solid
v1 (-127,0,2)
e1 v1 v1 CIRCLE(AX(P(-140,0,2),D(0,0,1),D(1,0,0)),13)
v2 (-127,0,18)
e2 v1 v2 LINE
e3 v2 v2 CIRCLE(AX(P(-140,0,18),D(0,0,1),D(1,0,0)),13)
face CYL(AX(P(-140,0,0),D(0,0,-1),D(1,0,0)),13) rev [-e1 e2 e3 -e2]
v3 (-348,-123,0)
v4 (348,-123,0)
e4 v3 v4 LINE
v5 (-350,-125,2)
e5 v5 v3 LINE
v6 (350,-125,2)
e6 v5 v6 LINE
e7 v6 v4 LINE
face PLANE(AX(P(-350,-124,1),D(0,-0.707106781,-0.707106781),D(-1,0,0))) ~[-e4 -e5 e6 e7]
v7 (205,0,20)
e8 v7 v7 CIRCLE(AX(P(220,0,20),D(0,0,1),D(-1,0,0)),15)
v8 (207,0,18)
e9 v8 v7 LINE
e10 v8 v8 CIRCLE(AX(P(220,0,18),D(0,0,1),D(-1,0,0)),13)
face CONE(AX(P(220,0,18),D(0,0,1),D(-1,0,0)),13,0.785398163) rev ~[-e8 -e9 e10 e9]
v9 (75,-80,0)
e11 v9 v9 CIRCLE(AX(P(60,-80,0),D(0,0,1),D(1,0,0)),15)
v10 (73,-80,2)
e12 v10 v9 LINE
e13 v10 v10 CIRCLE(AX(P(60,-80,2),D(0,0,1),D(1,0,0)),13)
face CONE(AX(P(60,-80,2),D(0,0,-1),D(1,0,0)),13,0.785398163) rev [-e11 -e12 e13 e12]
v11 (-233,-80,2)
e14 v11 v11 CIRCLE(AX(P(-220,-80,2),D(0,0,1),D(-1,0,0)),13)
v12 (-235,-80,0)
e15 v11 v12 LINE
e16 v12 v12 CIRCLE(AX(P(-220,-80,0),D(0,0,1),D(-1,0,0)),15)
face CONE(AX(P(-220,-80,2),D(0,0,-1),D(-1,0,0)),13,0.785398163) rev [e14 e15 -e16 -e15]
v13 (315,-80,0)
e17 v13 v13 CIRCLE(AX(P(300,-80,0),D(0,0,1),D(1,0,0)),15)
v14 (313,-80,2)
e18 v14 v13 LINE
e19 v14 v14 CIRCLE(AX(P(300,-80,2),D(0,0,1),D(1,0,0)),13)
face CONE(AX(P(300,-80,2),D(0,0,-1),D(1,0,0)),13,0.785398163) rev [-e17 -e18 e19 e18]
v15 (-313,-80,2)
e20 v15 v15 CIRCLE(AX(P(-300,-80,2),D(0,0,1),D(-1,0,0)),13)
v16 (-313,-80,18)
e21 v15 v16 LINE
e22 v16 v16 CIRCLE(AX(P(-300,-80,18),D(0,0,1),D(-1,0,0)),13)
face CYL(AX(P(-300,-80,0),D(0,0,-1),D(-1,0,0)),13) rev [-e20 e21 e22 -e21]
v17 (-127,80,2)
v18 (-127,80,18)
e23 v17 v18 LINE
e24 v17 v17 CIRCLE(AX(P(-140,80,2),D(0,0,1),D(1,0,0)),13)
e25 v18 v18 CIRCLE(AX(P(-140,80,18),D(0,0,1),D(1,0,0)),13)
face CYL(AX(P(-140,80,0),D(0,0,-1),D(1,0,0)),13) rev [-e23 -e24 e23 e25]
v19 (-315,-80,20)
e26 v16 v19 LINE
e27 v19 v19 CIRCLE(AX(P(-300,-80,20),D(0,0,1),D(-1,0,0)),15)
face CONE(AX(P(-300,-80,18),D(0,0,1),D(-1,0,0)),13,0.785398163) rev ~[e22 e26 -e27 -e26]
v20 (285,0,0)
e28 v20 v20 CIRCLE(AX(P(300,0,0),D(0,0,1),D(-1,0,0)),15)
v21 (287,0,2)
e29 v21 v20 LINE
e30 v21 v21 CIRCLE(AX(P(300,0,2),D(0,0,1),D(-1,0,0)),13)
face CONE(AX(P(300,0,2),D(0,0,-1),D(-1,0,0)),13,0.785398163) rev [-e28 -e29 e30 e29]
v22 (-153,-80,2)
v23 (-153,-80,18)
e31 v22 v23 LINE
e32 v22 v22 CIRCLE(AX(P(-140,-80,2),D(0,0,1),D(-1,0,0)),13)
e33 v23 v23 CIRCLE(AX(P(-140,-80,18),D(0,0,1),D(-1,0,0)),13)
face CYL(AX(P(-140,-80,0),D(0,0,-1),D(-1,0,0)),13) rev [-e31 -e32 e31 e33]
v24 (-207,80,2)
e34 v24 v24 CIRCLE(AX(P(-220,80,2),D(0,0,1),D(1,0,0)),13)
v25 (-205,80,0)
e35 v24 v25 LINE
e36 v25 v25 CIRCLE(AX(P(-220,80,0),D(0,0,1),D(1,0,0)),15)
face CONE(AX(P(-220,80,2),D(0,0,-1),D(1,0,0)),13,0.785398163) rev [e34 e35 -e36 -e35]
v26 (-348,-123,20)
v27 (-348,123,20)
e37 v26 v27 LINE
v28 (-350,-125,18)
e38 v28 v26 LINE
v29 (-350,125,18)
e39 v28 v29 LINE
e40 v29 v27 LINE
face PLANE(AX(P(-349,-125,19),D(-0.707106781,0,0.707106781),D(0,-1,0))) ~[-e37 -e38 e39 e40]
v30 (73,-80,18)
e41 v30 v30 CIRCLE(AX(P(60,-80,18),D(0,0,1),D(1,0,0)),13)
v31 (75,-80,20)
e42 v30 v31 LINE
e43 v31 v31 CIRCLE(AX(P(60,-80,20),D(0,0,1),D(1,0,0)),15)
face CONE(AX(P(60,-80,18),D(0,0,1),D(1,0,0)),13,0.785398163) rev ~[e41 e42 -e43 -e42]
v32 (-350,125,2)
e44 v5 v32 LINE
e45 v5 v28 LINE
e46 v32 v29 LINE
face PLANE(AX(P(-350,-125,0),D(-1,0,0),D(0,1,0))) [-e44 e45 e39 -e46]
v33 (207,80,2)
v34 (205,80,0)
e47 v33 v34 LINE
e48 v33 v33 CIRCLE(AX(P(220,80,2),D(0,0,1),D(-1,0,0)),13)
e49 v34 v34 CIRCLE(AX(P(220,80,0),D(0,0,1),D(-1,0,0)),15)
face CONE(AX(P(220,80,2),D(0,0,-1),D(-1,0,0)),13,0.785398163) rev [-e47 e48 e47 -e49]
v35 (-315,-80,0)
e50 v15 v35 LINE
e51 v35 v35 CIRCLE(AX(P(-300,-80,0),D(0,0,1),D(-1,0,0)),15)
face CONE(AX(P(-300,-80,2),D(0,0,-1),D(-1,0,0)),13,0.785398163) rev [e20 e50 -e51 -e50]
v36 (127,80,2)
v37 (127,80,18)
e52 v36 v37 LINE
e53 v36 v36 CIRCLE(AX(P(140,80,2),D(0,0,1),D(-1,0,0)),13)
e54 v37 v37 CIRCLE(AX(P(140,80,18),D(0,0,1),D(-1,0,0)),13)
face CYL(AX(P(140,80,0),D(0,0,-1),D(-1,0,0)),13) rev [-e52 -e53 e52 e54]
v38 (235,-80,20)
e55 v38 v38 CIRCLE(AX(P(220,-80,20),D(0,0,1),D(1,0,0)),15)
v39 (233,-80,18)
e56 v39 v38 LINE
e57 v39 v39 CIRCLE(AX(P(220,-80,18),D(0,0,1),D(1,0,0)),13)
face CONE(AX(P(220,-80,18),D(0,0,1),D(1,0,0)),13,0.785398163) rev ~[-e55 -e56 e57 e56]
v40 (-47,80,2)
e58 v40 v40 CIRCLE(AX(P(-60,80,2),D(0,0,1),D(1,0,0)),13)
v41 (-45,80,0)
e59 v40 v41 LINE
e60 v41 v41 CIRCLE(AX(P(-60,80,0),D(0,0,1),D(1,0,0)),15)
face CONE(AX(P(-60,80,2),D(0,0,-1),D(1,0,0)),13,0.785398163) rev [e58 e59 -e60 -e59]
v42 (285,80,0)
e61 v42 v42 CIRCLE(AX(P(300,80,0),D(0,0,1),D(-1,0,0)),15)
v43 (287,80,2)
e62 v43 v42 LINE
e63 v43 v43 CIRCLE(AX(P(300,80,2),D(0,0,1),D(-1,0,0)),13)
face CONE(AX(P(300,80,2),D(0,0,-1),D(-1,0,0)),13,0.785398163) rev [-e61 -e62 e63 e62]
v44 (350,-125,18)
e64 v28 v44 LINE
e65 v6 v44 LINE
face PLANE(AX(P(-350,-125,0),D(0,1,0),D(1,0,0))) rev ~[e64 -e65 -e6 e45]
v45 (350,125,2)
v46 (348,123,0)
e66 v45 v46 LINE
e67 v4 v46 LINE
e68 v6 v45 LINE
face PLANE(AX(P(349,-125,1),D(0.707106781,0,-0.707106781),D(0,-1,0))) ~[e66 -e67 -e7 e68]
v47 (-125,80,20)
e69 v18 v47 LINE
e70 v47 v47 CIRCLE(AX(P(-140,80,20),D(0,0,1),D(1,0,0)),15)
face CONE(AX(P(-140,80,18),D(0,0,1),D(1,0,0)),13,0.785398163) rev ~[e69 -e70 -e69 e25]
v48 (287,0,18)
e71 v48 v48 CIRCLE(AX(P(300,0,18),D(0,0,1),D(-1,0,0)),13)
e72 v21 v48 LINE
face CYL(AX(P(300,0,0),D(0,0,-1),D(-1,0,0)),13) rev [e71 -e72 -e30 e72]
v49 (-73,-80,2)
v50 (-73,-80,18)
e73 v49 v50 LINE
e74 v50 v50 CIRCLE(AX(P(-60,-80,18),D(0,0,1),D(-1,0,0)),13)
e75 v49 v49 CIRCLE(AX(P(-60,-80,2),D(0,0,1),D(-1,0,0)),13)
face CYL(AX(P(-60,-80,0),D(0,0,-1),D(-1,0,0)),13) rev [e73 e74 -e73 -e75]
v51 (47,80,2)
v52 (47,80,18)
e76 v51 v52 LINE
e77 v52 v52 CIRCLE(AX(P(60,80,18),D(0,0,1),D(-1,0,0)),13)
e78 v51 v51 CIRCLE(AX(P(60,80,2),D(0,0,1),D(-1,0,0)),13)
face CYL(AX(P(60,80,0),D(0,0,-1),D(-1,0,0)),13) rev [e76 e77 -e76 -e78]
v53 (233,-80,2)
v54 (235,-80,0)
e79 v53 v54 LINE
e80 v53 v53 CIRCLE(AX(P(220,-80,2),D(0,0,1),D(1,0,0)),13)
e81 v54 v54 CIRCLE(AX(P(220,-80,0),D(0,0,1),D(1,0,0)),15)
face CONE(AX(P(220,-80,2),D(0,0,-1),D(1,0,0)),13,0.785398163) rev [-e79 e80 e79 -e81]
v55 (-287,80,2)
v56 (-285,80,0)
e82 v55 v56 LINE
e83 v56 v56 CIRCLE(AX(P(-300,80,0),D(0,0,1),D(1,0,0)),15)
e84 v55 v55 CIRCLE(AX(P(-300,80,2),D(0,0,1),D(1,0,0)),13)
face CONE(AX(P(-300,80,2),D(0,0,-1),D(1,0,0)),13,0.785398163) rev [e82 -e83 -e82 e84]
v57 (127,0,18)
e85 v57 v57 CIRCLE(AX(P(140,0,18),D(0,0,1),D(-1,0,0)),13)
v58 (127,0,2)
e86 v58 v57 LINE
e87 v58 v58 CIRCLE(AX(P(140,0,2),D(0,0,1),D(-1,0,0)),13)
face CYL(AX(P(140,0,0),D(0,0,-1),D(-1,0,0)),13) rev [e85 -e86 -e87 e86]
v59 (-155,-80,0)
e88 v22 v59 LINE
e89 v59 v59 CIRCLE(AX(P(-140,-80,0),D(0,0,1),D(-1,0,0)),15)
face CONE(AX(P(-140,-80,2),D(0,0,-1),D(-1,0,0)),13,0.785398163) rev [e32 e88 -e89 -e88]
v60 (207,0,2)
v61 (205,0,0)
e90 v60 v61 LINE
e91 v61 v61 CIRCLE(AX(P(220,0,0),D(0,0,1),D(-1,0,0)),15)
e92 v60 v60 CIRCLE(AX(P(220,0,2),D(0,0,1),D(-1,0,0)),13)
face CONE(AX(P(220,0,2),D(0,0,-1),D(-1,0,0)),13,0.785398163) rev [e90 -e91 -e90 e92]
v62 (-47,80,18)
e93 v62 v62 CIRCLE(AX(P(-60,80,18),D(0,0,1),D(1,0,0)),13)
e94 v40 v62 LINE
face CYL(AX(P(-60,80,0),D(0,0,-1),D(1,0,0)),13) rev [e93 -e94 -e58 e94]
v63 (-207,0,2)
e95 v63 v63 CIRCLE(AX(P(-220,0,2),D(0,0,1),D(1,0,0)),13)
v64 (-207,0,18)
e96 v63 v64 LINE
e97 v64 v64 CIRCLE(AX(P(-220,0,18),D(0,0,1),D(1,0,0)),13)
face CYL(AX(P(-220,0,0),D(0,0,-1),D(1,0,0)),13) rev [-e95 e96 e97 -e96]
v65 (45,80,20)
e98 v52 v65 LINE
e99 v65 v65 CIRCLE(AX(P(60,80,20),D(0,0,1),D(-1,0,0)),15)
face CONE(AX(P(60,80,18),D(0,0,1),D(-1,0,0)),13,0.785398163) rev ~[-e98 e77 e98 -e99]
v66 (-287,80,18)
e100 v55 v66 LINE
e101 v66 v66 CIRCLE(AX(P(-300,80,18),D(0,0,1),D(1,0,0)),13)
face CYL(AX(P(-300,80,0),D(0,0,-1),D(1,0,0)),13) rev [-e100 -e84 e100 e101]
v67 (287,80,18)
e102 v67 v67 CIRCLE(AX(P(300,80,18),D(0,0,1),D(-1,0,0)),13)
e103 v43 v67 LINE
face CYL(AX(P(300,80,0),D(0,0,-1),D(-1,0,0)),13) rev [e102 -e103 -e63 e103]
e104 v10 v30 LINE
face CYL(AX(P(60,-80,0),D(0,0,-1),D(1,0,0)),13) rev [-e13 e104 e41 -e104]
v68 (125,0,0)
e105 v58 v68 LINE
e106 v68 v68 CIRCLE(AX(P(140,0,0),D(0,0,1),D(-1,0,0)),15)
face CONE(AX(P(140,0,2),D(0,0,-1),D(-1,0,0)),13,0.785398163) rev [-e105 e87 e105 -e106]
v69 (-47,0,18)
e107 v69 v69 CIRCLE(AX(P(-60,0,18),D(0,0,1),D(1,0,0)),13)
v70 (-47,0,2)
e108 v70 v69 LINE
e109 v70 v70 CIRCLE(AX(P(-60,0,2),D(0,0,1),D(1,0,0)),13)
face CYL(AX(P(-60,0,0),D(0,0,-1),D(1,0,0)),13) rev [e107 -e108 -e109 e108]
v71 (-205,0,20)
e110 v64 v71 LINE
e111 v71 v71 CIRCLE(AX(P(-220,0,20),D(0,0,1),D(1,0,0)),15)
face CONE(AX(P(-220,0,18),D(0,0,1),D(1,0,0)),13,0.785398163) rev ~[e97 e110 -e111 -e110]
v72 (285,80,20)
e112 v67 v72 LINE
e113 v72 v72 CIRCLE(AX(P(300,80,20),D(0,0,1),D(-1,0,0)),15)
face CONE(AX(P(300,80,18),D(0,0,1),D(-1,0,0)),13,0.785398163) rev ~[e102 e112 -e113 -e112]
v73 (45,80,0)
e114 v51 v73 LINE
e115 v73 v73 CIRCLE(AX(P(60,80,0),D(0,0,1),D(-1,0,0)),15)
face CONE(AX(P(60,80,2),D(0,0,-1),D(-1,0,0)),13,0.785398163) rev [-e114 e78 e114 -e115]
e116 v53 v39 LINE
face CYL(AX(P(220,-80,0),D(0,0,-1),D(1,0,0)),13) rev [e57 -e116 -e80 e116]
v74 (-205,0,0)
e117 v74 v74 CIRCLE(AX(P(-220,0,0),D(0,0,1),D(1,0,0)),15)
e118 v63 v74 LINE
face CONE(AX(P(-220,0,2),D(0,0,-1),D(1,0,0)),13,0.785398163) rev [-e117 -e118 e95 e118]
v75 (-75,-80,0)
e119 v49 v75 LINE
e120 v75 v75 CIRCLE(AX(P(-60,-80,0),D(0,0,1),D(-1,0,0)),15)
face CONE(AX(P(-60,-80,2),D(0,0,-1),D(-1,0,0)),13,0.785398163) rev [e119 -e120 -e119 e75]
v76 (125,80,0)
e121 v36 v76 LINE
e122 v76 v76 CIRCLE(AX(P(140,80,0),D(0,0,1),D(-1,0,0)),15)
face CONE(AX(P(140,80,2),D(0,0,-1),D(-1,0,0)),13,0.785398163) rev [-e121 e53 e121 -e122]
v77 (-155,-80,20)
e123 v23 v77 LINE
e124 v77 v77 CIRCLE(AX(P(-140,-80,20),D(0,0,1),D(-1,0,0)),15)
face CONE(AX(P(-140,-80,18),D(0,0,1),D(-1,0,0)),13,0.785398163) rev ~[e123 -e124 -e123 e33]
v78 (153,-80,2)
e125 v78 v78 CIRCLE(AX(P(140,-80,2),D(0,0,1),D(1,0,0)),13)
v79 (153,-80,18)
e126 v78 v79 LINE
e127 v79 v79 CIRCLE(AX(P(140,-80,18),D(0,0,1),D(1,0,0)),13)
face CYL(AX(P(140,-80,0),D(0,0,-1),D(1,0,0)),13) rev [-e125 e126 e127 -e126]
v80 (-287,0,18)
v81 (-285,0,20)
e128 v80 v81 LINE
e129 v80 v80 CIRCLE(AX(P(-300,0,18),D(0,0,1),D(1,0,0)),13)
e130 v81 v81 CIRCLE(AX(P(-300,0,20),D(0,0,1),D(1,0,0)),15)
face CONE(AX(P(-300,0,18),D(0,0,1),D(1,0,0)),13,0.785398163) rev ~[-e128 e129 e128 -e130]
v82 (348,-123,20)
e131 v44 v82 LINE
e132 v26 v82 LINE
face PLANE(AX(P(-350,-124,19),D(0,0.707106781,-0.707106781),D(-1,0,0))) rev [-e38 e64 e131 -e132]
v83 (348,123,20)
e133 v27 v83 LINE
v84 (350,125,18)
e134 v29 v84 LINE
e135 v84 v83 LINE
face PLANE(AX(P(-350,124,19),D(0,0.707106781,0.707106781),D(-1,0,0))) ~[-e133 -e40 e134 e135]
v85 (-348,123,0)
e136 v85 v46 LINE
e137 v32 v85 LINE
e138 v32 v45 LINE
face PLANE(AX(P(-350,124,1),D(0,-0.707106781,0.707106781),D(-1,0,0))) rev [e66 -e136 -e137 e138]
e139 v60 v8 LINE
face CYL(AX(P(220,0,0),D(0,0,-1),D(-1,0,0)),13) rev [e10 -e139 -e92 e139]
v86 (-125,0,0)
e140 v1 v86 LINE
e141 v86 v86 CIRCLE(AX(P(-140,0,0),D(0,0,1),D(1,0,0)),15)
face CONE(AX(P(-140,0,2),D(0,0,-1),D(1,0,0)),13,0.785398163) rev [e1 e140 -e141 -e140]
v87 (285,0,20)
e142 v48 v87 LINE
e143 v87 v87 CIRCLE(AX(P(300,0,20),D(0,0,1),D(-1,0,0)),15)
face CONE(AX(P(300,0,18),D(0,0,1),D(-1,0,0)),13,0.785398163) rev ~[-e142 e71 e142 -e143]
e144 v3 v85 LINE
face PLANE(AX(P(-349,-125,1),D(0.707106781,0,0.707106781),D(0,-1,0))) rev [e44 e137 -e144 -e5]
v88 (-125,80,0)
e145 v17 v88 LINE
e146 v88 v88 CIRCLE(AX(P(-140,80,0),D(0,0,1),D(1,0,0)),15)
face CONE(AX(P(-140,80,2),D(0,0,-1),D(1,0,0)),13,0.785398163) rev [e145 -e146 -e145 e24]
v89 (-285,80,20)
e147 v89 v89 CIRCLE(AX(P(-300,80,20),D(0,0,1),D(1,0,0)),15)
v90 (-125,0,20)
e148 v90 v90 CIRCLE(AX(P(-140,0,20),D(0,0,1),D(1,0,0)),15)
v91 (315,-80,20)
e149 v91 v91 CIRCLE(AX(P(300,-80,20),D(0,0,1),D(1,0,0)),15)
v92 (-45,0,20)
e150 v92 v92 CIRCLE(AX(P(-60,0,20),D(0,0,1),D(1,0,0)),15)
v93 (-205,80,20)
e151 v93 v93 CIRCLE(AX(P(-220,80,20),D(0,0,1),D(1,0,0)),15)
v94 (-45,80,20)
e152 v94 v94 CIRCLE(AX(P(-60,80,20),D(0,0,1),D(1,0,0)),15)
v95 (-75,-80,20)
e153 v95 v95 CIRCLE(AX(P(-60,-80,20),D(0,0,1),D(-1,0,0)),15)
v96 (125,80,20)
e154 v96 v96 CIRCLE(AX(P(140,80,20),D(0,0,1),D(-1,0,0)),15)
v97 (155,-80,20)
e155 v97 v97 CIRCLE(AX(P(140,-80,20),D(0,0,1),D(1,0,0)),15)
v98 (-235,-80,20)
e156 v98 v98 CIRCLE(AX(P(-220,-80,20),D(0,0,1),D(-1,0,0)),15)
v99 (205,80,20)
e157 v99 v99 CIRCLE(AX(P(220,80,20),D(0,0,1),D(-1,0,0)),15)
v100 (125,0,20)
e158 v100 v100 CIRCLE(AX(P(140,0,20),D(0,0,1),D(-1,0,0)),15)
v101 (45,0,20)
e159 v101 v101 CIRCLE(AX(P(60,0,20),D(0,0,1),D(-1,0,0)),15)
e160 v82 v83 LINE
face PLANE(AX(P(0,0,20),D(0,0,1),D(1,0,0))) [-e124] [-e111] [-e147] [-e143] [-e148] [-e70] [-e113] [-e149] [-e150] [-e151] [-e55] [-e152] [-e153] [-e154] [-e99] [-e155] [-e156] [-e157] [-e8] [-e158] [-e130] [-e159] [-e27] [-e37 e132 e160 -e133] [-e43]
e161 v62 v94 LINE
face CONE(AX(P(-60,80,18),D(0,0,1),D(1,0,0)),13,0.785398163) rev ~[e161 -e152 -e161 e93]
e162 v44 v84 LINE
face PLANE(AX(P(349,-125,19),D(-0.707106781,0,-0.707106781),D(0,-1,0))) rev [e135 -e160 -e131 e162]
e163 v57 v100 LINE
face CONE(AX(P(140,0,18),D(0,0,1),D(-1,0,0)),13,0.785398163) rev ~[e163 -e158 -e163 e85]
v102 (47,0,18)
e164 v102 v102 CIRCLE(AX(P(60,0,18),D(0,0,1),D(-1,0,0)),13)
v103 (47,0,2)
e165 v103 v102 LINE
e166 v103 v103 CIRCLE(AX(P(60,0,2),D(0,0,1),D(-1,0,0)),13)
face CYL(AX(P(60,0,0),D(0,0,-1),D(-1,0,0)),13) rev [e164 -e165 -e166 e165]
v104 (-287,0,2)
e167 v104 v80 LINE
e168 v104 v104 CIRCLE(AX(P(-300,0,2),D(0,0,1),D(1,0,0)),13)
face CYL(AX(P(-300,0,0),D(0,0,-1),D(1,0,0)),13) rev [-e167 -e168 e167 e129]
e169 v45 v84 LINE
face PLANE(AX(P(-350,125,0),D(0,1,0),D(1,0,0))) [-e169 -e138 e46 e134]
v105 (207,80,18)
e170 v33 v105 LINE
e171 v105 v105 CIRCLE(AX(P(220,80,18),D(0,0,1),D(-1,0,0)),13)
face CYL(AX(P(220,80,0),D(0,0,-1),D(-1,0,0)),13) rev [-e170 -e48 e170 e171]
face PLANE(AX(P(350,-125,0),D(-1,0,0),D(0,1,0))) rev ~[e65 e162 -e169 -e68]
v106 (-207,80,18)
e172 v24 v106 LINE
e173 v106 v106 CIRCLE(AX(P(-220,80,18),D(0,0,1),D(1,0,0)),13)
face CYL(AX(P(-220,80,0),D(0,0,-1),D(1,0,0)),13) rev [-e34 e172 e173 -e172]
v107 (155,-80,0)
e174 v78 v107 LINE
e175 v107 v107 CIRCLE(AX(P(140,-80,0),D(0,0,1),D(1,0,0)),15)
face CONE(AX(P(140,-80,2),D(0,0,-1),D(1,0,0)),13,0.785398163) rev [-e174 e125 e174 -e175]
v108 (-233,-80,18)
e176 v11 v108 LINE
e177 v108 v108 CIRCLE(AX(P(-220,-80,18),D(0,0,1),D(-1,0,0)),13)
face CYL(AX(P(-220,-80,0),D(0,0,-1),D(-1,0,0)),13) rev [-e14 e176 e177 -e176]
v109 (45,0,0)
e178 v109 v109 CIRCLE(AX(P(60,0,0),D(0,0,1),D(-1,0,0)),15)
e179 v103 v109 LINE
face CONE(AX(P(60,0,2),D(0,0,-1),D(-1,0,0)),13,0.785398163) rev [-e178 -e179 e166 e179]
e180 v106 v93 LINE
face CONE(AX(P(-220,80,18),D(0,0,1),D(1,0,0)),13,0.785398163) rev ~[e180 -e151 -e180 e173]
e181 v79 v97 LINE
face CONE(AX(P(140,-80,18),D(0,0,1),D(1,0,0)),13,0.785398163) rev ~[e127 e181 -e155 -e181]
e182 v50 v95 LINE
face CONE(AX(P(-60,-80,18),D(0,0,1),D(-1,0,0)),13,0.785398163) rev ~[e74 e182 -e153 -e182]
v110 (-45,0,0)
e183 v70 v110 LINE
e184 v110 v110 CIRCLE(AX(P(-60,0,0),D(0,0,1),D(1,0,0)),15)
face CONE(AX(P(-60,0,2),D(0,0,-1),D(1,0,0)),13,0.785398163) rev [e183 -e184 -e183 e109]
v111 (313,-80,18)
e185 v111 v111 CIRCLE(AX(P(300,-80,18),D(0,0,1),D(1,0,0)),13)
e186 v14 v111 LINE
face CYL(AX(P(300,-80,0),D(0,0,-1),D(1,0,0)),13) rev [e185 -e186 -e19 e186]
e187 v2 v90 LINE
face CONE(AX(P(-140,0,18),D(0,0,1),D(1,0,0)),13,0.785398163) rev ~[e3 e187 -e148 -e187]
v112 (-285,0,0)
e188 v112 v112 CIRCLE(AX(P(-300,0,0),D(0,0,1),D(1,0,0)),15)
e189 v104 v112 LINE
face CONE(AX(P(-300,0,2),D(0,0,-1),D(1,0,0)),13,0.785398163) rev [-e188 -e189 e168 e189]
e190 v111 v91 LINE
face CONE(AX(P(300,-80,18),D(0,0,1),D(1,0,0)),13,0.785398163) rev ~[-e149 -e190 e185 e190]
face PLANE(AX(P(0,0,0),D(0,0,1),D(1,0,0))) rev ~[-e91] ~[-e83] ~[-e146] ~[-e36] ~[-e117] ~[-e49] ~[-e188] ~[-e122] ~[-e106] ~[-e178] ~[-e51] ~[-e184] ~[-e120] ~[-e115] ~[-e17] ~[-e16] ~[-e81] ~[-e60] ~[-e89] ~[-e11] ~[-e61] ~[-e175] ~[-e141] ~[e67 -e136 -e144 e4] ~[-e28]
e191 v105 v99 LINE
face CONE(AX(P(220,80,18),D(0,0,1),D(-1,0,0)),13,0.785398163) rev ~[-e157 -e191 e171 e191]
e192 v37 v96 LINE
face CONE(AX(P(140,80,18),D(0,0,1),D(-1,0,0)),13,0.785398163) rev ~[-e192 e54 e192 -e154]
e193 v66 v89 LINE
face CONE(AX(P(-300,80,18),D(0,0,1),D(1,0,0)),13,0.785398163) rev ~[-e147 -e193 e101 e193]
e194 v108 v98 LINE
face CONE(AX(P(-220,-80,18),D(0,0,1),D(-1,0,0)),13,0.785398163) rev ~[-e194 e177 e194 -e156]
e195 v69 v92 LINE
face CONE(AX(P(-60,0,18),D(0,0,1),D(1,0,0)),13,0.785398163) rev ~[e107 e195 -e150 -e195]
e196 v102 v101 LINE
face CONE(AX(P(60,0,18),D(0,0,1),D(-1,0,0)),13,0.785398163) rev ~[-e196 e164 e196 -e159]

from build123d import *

# Parameters (mm, degrees)
SKETCH_1_W        = 700
SKETCH_1_H        = 250
SKETCH_1_R        = 13
EXTRUDE_621_DEPTH = 20
CHAMFER_1_SIZE    = 2


with BuildPart() as part:
    # 草图1 → Extrude 621 (new body)
    with BuildSketch(Plane.XY):
        Rectangle(SKETCH_1_W, SKETCH_1_H)
        with Locations((-300, 80)):
            Circle(SKETCH_1_R, mode=Mode.SUBTRACT)
        with Locations((-220, 80)):
            Circle(SKETCH_1_R, mode=Mode.SUBTRACT)
        with Locations((-140, 80)):
            Circle(SKETCH_1_R, mode=Mode.SUBTRACT)
        with Locations((-60, 80)):
            Circle(SKETCH_1_R, mode=Mode.SUBTRACT)
        with Locations((-60, 0)):
            Circle(SKETCH_1_R, mode=Mode.SUBTRACT)
        with Locations((-220, 0)):
            Circle(SKETCH_1_R, mode=Mode.SUBTRACT)
        with Locations((-300, 0)):
            Circle(SKETCH_1_R, mode=Mode.SUBTRACT)
        with Locations((-140, 0)):
            Circle(SKETCH_1_R, mode=Mode.SUBTRACT)
        with Locations(Location((-60, -80, 0), (0, 0, 180))):
            Circle(SKETCH_1_R, mode=Mode.SUBTRACT)
        with Locations(Location((-140, -80, 0), (0, 0, 180))):
            Circle(SKETCH_1_R, mode=Mode.SUBTRACT)
        with Locations(Location((-220, -80, 0), (0, 0, 180))):
            Circle(SKETCH_1_R, mode=Mode.SUBTRACT)
        with Locations(Location((-300, -80, 0), (0, 0, 180))):
            Circle(SKETCH_1_R, mode=Mode.SUBTRACT)
        with Locations((300, -80)):
            Circle(SKETCH_1_R, mode=Mode.SUBTRACT)
        with Locations((220, -80)):
            Circle(SKETCH_1_R, mode=Mode.SUBTRACT)
        with Locations((140, -80)):
            Circle(SKETCH_1_R, mode=Mode.SUBTRACT)
        with Locations((60, -80)):
            Circle(SKETCH_1_R, mode=Mode.SUBTRACT)
        with Locations(Location((140, 0, 0), (0, 0, 180))):
            Circle(SKETCH_1_R, mode=Mode.SUBTRACT)
        with Locations(Location((300, 0, 0), (0, 0, 180))):
            Circle(SKETCH_1_R, mode=Mode.SUBTRACT)
        with Locations(Location((220, 0, 0), (0, 0, 180))):
            Circle(SKETCH_1_R, mode=Mode.SUBTRACT)
        with Locations(Location((60, 0, 0), (0, 0, 180))):
            Circle(SKETCH_1_R, mode=Mode.SUBTRACT)
        with Locations(Location((60, 80, 0), (0, 0, 180))):
            Circle(SKETCH_1_R, mode=Mode.SUBTRACT)
        with Locations(Location((140, 80, 0), (0, 0, 180))):
            Circle(SKETCH_1_R, mode=Mode.SUBTRACT)
        with Locations(Location((220, 80, 0), (0, 0, 180))):
            Circle(SKETCH_1_R, mode=Mode.SUBTRACT)
        with Locations(Location((300, 80, 0), (0, 0, 180))):
            Circle(SKETCH_1_R, mode=Mode.SUBTRACT)
    extrude(amount=EXTRUDE_621_DEPTH)

    # 倒角1
    chamfer_1_edges = [part.edges().sort_by_distance(p)[0] for p in [
        (350, 0, 20),
        (-313, 80, 0),
        (-313, 80, 20),
        (0, 125, 20),
        (-233, 80, 0),
        (-233, 80, 20),
        (-153, 80, 0),
        (-153, 80, 20),
        (-73, 80, 0),
        (-73, 80, 20),
        (-73, 0, 0),
        (-73, 0, 20),
        (-233, 0, 0),
        (-233, 0, 20),
        (-313, 0, 0),
        (-313, 0, 20),
        (-153, 0, 0),
        (-153, 0, 20),
        (-350, 0, 20),
        (-47, -80, 0),
        (-47, -80, 20),
        (0, 125, 0),
        (-127, -80, 0),
        (-127, -80, 20),
        (350, 0, 0),
        (-207, -80, 0),
        (-207, -80, 20),
        (0, -125, 0),
        (-287, -80, 0),
        (-287, -80, 20),
        (-350, 0, 0),
        (287, -80, 0),
        (287, -80, 20),
        (207, -80, 0),
        (207, -80, 20),
        (127, -80, 0),
        (127, -80, 20),
        (47, -80, 0),
        (47, -80, 20),
        (0, -125, 20),
        (153, 0, 0),
        (153, 0, 20),
        (313, 0, 0),
        (313, 0, 20),
        (233, 0, 0),
        (233, 0, 20),
        (73, 0, 0),
        (73, 0, 20),
        (73, 80, 0),
        (73, 80, 20),
        (153, 80, 0),
        (153, 80, 20),
        (233, 80, 0),
        (233, 80, 20),
        (313, 80, 0),
        (313, 80, 20),
    ]]
    chamfer(chamfer_1_edges, length=CHAMFER_1_SIZE)


solid = part.part
